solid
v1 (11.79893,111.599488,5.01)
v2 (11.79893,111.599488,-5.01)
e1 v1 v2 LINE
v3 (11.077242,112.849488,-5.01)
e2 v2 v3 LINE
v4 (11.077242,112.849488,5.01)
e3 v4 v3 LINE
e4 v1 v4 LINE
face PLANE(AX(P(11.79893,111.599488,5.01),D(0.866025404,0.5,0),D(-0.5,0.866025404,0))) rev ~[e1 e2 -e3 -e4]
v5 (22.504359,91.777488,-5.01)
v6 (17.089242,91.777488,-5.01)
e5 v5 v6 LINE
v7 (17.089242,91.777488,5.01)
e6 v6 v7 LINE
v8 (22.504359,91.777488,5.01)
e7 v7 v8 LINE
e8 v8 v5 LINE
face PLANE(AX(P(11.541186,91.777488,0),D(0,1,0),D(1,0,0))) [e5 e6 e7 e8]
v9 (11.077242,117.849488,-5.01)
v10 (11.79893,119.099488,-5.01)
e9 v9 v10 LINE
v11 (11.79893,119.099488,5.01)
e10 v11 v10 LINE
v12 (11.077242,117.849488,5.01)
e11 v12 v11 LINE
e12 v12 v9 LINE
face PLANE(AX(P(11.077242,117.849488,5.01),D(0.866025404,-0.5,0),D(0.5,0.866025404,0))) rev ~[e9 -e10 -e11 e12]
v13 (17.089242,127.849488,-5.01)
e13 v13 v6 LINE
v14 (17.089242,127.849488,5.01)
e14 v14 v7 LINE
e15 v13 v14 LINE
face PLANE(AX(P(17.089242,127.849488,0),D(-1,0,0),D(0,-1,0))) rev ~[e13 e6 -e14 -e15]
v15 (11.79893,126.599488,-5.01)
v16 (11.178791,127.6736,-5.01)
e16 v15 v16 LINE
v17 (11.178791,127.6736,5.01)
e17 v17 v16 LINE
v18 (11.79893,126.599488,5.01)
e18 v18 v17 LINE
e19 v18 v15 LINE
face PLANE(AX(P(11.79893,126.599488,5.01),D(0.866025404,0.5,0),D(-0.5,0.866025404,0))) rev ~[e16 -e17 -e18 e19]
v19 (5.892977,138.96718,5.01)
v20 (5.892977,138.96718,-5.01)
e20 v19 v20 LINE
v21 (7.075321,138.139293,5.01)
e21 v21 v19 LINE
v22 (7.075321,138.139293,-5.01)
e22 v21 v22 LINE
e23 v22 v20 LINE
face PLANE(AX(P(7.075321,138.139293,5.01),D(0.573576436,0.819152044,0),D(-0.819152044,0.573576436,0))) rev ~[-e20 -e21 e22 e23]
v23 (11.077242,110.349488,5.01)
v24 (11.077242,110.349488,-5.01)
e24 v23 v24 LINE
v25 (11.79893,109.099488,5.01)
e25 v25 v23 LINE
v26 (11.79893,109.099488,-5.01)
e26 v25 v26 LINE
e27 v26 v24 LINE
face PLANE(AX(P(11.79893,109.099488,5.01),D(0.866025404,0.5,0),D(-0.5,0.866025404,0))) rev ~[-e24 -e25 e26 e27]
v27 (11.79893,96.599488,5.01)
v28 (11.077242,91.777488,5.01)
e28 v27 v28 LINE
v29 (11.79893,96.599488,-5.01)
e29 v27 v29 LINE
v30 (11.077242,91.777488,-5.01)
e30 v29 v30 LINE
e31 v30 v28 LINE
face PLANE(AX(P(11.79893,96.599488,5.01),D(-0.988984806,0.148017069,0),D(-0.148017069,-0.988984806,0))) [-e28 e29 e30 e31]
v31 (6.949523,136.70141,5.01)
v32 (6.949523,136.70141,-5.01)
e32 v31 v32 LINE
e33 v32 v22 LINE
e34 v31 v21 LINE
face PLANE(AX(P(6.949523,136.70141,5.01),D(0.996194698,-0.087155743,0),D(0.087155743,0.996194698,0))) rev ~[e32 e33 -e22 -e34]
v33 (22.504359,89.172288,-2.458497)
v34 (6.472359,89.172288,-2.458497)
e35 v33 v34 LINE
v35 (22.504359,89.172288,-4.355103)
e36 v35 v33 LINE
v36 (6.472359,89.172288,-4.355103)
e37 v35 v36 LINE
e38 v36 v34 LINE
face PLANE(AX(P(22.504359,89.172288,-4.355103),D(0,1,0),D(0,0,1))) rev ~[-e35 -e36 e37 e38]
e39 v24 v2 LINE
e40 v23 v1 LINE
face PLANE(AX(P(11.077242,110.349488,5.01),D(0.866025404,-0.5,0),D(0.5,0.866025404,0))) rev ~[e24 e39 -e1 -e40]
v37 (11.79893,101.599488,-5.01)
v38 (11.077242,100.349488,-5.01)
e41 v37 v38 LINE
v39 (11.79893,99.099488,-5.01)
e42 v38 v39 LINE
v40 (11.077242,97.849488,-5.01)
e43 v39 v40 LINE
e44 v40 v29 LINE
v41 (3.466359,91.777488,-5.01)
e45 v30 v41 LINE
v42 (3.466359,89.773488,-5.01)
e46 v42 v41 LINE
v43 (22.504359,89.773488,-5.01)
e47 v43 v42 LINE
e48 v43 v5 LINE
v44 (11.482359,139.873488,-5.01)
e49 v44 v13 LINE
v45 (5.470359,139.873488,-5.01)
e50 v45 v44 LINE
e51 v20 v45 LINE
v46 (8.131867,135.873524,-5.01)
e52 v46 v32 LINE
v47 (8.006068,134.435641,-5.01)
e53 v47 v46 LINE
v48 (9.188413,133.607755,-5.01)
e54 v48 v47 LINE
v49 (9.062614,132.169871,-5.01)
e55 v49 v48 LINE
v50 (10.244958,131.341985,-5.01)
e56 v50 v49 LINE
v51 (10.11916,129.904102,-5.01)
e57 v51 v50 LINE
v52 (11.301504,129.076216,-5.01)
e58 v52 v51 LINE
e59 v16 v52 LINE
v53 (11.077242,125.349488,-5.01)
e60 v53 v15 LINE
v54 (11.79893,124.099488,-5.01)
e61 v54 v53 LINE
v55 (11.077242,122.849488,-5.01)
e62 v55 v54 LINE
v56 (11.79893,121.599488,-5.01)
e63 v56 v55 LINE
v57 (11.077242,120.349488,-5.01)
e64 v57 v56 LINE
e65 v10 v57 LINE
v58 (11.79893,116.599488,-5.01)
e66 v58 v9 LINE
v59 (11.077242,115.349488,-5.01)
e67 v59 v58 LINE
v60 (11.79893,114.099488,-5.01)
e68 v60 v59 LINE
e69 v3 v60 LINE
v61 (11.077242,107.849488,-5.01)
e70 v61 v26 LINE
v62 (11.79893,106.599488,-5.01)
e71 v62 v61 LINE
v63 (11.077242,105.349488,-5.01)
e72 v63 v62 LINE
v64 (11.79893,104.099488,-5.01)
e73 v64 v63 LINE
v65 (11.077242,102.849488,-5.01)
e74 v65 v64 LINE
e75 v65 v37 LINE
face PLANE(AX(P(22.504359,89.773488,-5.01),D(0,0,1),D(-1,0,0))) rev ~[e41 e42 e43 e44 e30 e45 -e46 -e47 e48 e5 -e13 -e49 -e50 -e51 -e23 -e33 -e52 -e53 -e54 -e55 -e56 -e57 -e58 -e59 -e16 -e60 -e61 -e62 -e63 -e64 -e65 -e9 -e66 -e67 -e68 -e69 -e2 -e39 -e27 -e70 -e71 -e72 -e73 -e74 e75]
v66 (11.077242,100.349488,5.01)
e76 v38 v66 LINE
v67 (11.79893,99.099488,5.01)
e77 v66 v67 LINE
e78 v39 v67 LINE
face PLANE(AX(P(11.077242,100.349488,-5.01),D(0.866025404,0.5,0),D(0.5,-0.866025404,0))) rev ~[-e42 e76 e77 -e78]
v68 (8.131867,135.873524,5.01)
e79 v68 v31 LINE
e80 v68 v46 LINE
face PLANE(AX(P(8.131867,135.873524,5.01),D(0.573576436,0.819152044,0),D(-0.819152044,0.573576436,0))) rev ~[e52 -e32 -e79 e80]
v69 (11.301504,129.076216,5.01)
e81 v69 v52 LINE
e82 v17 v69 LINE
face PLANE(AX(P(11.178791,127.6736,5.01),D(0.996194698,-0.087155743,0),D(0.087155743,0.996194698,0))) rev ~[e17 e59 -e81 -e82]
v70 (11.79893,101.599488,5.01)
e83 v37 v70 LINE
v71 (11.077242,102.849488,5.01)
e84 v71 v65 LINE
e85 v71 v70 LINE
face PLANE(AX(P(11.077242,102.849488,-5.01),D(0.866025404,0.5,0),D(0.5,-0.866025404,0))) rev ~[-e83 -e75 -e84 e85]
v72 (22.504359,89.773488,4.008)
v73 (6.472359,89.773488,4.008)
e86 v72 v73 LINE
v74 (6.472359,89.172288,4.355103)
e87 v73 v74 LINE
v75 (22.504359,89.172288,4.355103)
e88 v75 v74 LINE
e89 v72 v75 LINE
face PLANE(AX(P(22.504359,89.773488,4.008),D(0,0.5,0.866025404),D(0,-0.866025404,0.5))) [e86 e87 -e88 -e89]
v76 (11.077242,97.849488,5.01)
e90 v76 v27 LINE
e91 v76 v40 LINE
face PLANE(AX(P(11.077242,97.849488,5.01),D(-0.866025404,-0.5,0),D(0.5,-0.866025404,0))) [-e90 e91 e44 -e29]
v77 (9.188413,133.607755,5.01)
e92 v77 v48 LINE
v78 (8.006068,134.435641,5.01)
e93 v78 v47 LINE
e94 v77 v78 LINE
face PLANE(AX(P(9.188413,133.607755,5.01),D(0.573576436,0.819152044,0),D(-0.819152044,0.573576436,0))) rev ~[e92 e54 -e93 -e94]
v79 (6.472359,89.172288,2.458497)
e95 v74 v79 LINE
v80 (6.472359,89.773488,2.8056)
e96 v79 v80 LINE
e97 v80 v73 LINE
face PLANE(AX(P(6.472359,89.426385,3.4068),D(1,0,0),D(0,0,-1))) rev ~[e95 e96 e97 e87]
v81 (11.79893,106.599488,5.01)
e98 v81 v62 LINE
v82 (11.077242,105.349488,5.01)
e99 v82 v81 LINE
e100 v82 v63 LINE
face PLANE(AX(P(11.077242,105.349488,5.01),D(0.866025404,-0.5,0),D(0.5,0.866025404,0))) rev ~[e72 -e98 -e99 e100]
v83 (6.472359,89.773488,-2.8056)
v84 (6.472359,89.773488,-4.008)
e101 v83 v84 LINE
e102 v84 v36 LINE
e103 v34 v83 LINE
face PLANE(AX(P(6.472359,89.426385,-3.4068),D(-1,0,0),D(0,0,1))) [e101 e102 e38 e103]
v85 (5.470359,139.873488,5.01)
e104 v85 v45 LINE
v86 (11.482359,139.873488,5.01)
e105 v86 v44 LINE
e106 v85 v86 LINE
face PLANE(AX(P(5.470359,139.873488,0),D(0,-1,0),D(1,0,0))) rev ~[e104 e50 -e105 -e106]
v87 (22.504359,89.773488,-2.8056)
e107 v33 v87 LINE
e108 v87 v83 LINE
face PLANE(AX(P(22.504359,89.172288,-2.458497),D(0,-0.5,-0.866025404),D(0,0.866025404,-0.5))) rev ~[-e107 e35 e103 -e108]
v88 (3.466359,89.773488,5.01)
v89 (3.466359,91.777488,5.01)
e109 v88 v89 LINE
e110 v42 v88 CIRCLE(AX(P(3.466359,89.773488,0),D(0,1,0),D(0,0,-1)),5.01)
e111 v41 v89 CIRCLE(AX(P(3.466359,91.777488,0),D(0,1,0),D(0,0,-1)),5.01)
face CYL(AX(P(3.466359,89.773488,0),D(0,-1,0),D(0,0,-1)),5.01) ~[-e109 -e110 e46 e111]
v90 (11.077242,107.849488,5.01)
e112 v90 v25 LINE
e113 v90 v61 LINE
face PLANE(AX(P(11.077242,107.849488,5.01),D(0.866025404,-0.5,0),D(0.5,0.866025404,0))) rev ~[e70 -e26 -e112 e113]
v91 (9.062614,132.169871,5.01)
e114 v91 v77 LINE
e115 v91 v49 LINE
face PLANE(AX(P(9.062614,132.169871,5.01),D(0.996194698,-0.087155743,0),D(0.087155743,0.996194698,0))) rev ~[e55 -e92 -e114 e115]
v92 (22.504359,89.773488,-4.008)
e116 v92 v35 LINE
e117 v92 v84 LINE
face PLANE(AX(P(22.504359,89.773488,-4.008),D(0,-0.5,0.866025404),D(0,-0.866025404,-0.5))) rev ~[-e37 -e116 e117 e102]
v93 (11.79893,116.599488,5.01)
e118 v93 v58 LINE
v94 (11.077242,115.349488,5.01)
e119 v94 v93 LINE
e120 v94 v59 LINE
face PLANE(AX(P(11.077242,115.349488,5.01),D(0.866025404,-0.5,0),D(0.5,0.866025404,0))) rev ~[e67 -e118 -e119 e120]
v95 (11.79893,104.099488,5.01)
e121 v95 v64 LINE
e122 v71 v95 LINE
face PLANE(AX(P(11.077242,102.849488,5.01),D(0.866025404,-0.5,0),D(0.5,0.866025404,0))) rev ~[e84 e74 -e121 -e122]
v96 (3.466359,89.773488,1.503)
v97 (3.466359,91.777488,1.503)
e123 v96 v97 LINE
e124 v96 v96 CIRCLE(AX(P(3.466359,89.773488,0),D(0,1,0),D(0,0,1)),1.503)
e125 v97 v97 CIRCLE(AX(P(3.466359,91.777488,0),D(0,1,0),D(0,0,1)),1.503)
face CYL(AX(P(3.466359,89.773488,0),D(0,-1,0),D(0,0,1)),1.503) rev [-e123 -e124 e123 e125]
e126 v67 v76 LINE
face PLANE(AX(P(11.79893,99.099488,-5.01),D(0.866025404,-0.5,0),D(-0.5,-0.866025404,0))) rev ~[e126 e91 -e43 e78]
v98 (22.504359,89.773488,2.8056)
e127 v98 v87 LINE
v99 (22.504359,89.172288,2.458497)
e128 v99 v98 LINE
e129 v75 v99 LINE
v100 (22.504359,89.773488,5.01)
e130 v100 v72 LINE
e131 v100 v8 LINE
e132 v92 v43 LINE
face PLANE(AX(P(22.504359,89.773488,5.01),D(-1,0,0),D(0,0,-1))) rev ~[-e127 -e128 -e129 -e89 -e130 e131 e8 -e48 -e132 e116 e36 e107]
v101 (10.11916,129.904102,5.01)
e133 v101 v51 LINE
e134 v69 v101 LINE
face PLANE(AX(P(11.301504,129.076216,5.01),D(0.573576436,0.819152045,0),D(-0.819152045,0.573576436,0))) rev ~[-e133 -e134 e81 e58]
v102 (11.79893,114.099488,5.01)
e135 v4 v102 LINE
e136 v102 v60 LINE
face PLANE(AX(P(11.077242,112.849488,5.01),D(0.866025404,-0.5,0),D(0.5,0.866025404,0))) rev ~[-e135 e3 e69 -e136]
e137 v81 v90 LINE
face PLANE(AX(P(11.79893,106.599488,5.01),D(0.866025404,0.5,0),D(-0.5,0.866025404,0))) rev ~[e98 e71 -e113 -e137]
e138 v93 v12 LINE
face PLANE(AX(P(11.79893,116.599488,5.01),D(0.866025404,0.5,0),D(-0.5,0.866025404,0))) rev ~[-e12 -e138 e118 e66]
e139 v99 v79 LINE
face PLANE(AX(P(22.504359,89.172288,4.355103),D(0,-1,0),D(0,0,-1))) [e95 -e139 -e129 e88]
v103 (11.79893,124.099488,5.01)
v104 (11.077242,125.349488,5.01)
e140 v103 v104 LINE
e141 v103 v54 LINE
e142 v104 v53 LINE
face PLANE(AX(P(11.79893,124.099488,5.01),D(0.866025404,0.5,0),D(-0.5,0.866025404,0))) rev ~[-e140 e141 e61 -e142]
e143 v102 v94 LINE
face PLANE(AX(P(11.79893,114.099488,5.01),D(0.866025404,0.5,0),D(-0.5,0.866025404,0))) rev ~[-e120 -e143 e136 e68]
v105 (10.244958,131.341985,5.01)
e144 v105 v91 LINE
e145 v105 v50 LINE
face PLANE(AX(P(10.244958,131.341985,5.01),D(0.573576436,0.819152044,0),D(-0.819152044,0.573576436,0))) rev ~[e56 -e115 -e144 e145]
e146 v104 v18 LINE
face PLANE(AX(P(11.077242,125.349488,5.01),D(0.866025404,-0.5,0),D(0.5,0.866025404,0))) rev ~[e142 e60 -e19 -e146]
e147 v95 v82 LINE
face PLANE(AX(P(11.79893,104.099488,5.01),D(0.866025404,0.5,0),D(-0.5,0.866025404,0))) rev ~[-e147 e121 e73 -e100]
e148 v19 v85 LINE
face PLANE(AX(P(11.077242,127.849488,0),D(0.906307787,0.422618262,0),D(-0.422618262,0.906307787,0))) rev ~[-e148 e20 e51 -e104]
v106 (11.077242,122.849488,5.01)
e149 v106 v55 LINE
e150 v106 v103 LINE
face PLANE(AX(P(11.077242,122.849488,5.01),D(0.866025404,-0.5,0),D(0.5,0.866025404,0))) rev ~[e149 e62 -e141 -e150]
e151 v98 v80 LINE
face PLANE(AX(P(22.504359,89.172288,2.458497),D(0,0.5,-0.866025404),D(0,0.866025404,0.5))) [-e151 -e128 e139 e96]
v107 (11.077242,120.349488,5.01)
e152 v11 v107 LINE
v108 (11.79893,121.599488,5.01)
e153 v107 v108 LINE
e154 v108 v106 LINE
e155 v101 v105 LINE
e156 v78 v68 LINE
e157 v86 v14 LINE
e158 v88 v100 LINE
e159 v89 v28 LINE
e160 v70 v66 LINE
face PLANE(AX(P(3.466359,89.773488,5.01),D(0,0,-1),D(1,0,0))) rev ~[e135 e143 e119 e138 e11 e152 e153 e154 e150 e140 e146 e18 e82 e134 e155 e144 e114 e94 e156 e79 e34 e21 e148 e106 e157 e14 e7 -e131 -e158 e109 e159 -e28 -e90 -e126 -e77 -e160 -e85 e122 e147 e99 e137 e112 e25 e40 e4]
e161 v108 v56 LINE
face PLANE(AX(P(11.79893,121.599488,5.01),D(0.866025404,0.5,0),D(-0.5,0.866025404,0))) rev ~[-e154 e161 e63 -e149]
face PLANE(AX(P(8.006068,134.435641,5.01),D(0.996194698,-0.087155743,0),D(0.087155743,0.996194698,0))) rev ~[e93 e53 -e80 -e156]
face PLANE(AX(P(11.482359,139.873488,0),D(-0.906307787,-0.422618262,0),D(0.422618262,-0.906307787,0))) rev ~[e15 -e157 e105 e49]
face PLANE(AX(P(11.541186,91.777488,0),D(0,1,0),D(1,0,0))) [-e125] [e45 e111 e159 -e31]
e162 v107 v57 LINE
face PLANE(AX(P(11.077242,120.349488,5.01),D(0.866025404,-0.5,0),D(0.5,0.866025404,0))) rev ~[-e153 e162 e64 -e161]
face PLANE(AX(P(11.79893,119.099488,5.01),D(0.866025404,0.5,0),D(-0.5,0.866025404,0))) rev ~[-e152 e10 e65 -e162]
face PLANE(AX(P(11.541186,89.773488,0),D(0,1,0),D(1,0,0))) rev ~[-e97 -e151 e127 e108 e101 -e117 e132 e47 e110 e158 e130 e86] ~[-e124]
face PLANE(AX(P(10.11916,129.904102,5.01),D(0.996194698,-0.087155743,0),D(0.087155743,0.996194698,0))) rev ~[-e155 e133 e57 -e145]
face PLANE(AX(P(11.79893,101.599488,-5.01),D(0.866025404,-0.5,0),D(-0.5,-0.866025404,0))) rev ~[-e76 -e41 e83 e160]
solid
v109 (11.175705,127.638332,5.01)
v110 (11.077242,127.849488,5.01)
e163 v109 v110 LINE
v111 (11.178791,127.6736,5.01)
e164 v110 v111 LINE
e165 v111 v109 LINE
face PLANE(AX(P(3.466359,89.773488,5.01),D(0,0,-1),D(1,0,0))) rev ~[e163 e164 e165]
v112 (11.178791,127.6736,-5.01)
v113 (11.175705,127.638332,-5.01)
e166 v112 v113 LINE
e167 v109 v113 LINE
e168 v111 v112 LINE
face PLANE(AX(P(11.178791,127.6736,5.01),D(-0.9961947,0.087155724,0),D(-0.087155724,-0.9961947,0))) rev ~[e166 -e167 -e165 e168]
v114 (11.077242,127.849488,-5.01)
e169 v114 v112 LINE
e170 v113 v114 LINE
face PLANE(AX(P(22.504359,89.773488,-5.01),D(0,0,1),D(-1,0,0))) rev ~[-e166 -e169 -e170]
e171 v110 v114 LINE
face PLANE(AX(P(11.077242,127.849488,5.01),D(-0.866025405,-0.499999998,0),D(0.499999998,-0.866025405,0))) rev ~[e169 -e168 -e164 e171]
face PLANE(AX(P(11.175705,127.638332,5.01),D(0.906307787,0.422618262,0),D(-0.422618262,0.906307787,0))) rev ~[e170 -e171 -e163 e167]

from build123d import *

# Parameters (mm, degrees)
SKETCH1_R           = 7.5
BOSS_EXTRUDE1_DEPTH = 10
BOSS_EXTRUDE2_DEPTH = 80
BOSS_EXTRUDE3_DEPTH = 25
SCALE2_SCALE        = 0.2004
CUT_EXTRUDE9_DEPTH  = 20
CUT_EXTRUDE10_DEPTH = 20


with BuildPart() as part:
    # Sketch1 → Boss-Extrude1 (new body)
    with BuildSketch(Plane(origin=(0, 0, 0), x_dir=(1, 0, 0), z_dir=(0, 1, 0))):
        with BuildLine():
            Line((60, 25), (-35, 25))
            ThreePointArc((-35, 25), (-60, 0), (-35, -25))
            Line((-35, -25), (60, -25))
            Line((60, -25), (60, 25))
        make_face()
        with Locations(Location((-35, 0, 0), (0, 0, 270))):
            Circle(SKETCH1_R, mode=Mode.SUBTRACT)
    extrude(amount=BOSS_EXTRUDE1_DEPTH)

    # Sketch2 → Boss-Extrude2 (add)
    with BuildSketch(Plane(origin=(60, 0, 0), x_dir=(0, 0, -1), z_dir=(1, 0, 0))):
        Polygon((-20, 0), (-21.732050808, -3), (-12.267949192, -3), (-14, 0), align=None)
        Polygon((21.732050808, -3), (12.267949192, -3), (14, 0), (20, 0), align=None)
    extrude(amount=-BOSS_EXTRUDE2_DEPTH)

    # Sketch3 → Boss-Extrude3 (add, symmetric)
    with BuildSketch(Plane.XY):
        Polygon((2.978459489, 10), (2.978459489, 190), (-25, 250), (5, 250), (32.978459489, 190), (32.978459489, 10), align=None)
    extrude(amount=BOSS_EXTRUDE3_DEPTH, both=True)


with BuildPart() as part_1:
    # Scale2: scaled about (13.107002059, 112.272995935, 0)
    add(part.part.scale(SCALE2_SCALE).moved(Location((10.480358846, 89.77348755, 0))))

    # Sketch9 → Cut-Extrude9 (cut)
    with BuildSketch(Plane.XY.offset(5.01)):
        Polygon((11.798929964, 106.59948755), (11.077242128, 107.84948755), (11.077242128, 105.34948755), align=None)
        Polygon((11.798929964, 109.09948755), (11.077242128, 110.34948755), (11.077242128, 107.84948755), align=None)
        Polygon((11.798929964, 104.09948755), (11.077242128, 105.34948755), (11.077242128, 102.84948755), align=None)
        Polygon((11.798929964, 114.09948755), (11.077242128, 115.34948755), (11.077242128, 112.84948755), align=None)
        Polygon((11.798929964, 111.59948755), (11.077242128, 112.84948755), (11.077242128, 110.34948755), align=None)
        Polygon((11.798929964, 116.59948755), (11.077242128, 117.84948755), (11.077242128, 115.34948755), align=None)
        Polygon((11.798929964, 119.09948755), (11.077242128, 120.34948755), (11.077242128, 117.84948755), align=None)
        Polygon((11.798929964, 121.59948755), (11.077242128, 122.84948755), (11.077242128, 120.34948755), align=None)
        Polygon((11.798929964, 124.09948755), (11.077242128, 125.34948755), (11.077242128, 122.84948755), align=None)
        Polygon((11.17570538, 127.638332425), (11.077242128, 127.84948755), (11.077242128, 125.34948755), (11.798929964, 126.59948755), (11.178790887, 127.673599939), align=None)
        Polygon((10.119159725, 129.904101892), (11.077242128, 127.84948755), (11.178790887, 127.673599939), (11.301503859, 129.076215618), align=None)
        Polygon((9.062614071, 132.16987136), (10.119159725, 129.904101892), (10.244958204, 131.341985085), align=None)
        Polygon((8.006068417, 134.435640828), (9.062614071, 132.16987136), (9.18841255, 133.607754553), align=None)
        Polygon((6.949522762, 136.701410295), (8.006068417, 134.435640828), (8.131866896, 135.87352402), align=None)
        Polygon((5.892977108, 138.967179763), (6.949522762, 136.701410295), (7.075321241, 138.139293488), align=None)
        Polygon((11.077242128, 97.84948755), (11.798929964, 96.59948755), (11.077242128, 91.77748755), align=None)
    extrude(amount=-CUT_EXTRUDE9_DEPTH, mode=Mode.SUBTRACT)


with BuildPart() as cut_extrude9_piece_1:
    # of the separate pieces the step leaves, piece 1, a body of its own (cut_extrude9_pieces)
    add(part_1.part.solids().sort_by_distance((3.466358846, 89.77348755, 5.01))[0])

    # Sketch10 → Cut-Extrude10 (cut)
    with BuildSketch(Plane(origin=(0, 0, -5.01), x_dir=(-1, 0, 0), z_dir=(0, 0, -1))):
        Polygon((-11.077242128, 100.34948755), (-11.077242128, 102.84948755), (-11.798929964, 101.59948755), align=None)
        Polygon((-11.077242128, 97.84948755), (-11.077242128, 100.34948755), (-11.798929964, 99.09948755), align=None)
    extrude(amount=-CUT_EXTRUDE10_DEPTH, mode=Mode.SUBTRACT)


with BuildPart() as cut_extrude9_piece_2:
    # of the separate pieces the step leaves, piece 2, a body of its own (cut_extrude9_pieces)
    add(part_1.part.solids().sort_by_distance((11.17570538, 127.638332425, 5.01))[0])


solid = Compound([cut_extrude9_piece_1.part, cut_extrude9_piece_2.part])
